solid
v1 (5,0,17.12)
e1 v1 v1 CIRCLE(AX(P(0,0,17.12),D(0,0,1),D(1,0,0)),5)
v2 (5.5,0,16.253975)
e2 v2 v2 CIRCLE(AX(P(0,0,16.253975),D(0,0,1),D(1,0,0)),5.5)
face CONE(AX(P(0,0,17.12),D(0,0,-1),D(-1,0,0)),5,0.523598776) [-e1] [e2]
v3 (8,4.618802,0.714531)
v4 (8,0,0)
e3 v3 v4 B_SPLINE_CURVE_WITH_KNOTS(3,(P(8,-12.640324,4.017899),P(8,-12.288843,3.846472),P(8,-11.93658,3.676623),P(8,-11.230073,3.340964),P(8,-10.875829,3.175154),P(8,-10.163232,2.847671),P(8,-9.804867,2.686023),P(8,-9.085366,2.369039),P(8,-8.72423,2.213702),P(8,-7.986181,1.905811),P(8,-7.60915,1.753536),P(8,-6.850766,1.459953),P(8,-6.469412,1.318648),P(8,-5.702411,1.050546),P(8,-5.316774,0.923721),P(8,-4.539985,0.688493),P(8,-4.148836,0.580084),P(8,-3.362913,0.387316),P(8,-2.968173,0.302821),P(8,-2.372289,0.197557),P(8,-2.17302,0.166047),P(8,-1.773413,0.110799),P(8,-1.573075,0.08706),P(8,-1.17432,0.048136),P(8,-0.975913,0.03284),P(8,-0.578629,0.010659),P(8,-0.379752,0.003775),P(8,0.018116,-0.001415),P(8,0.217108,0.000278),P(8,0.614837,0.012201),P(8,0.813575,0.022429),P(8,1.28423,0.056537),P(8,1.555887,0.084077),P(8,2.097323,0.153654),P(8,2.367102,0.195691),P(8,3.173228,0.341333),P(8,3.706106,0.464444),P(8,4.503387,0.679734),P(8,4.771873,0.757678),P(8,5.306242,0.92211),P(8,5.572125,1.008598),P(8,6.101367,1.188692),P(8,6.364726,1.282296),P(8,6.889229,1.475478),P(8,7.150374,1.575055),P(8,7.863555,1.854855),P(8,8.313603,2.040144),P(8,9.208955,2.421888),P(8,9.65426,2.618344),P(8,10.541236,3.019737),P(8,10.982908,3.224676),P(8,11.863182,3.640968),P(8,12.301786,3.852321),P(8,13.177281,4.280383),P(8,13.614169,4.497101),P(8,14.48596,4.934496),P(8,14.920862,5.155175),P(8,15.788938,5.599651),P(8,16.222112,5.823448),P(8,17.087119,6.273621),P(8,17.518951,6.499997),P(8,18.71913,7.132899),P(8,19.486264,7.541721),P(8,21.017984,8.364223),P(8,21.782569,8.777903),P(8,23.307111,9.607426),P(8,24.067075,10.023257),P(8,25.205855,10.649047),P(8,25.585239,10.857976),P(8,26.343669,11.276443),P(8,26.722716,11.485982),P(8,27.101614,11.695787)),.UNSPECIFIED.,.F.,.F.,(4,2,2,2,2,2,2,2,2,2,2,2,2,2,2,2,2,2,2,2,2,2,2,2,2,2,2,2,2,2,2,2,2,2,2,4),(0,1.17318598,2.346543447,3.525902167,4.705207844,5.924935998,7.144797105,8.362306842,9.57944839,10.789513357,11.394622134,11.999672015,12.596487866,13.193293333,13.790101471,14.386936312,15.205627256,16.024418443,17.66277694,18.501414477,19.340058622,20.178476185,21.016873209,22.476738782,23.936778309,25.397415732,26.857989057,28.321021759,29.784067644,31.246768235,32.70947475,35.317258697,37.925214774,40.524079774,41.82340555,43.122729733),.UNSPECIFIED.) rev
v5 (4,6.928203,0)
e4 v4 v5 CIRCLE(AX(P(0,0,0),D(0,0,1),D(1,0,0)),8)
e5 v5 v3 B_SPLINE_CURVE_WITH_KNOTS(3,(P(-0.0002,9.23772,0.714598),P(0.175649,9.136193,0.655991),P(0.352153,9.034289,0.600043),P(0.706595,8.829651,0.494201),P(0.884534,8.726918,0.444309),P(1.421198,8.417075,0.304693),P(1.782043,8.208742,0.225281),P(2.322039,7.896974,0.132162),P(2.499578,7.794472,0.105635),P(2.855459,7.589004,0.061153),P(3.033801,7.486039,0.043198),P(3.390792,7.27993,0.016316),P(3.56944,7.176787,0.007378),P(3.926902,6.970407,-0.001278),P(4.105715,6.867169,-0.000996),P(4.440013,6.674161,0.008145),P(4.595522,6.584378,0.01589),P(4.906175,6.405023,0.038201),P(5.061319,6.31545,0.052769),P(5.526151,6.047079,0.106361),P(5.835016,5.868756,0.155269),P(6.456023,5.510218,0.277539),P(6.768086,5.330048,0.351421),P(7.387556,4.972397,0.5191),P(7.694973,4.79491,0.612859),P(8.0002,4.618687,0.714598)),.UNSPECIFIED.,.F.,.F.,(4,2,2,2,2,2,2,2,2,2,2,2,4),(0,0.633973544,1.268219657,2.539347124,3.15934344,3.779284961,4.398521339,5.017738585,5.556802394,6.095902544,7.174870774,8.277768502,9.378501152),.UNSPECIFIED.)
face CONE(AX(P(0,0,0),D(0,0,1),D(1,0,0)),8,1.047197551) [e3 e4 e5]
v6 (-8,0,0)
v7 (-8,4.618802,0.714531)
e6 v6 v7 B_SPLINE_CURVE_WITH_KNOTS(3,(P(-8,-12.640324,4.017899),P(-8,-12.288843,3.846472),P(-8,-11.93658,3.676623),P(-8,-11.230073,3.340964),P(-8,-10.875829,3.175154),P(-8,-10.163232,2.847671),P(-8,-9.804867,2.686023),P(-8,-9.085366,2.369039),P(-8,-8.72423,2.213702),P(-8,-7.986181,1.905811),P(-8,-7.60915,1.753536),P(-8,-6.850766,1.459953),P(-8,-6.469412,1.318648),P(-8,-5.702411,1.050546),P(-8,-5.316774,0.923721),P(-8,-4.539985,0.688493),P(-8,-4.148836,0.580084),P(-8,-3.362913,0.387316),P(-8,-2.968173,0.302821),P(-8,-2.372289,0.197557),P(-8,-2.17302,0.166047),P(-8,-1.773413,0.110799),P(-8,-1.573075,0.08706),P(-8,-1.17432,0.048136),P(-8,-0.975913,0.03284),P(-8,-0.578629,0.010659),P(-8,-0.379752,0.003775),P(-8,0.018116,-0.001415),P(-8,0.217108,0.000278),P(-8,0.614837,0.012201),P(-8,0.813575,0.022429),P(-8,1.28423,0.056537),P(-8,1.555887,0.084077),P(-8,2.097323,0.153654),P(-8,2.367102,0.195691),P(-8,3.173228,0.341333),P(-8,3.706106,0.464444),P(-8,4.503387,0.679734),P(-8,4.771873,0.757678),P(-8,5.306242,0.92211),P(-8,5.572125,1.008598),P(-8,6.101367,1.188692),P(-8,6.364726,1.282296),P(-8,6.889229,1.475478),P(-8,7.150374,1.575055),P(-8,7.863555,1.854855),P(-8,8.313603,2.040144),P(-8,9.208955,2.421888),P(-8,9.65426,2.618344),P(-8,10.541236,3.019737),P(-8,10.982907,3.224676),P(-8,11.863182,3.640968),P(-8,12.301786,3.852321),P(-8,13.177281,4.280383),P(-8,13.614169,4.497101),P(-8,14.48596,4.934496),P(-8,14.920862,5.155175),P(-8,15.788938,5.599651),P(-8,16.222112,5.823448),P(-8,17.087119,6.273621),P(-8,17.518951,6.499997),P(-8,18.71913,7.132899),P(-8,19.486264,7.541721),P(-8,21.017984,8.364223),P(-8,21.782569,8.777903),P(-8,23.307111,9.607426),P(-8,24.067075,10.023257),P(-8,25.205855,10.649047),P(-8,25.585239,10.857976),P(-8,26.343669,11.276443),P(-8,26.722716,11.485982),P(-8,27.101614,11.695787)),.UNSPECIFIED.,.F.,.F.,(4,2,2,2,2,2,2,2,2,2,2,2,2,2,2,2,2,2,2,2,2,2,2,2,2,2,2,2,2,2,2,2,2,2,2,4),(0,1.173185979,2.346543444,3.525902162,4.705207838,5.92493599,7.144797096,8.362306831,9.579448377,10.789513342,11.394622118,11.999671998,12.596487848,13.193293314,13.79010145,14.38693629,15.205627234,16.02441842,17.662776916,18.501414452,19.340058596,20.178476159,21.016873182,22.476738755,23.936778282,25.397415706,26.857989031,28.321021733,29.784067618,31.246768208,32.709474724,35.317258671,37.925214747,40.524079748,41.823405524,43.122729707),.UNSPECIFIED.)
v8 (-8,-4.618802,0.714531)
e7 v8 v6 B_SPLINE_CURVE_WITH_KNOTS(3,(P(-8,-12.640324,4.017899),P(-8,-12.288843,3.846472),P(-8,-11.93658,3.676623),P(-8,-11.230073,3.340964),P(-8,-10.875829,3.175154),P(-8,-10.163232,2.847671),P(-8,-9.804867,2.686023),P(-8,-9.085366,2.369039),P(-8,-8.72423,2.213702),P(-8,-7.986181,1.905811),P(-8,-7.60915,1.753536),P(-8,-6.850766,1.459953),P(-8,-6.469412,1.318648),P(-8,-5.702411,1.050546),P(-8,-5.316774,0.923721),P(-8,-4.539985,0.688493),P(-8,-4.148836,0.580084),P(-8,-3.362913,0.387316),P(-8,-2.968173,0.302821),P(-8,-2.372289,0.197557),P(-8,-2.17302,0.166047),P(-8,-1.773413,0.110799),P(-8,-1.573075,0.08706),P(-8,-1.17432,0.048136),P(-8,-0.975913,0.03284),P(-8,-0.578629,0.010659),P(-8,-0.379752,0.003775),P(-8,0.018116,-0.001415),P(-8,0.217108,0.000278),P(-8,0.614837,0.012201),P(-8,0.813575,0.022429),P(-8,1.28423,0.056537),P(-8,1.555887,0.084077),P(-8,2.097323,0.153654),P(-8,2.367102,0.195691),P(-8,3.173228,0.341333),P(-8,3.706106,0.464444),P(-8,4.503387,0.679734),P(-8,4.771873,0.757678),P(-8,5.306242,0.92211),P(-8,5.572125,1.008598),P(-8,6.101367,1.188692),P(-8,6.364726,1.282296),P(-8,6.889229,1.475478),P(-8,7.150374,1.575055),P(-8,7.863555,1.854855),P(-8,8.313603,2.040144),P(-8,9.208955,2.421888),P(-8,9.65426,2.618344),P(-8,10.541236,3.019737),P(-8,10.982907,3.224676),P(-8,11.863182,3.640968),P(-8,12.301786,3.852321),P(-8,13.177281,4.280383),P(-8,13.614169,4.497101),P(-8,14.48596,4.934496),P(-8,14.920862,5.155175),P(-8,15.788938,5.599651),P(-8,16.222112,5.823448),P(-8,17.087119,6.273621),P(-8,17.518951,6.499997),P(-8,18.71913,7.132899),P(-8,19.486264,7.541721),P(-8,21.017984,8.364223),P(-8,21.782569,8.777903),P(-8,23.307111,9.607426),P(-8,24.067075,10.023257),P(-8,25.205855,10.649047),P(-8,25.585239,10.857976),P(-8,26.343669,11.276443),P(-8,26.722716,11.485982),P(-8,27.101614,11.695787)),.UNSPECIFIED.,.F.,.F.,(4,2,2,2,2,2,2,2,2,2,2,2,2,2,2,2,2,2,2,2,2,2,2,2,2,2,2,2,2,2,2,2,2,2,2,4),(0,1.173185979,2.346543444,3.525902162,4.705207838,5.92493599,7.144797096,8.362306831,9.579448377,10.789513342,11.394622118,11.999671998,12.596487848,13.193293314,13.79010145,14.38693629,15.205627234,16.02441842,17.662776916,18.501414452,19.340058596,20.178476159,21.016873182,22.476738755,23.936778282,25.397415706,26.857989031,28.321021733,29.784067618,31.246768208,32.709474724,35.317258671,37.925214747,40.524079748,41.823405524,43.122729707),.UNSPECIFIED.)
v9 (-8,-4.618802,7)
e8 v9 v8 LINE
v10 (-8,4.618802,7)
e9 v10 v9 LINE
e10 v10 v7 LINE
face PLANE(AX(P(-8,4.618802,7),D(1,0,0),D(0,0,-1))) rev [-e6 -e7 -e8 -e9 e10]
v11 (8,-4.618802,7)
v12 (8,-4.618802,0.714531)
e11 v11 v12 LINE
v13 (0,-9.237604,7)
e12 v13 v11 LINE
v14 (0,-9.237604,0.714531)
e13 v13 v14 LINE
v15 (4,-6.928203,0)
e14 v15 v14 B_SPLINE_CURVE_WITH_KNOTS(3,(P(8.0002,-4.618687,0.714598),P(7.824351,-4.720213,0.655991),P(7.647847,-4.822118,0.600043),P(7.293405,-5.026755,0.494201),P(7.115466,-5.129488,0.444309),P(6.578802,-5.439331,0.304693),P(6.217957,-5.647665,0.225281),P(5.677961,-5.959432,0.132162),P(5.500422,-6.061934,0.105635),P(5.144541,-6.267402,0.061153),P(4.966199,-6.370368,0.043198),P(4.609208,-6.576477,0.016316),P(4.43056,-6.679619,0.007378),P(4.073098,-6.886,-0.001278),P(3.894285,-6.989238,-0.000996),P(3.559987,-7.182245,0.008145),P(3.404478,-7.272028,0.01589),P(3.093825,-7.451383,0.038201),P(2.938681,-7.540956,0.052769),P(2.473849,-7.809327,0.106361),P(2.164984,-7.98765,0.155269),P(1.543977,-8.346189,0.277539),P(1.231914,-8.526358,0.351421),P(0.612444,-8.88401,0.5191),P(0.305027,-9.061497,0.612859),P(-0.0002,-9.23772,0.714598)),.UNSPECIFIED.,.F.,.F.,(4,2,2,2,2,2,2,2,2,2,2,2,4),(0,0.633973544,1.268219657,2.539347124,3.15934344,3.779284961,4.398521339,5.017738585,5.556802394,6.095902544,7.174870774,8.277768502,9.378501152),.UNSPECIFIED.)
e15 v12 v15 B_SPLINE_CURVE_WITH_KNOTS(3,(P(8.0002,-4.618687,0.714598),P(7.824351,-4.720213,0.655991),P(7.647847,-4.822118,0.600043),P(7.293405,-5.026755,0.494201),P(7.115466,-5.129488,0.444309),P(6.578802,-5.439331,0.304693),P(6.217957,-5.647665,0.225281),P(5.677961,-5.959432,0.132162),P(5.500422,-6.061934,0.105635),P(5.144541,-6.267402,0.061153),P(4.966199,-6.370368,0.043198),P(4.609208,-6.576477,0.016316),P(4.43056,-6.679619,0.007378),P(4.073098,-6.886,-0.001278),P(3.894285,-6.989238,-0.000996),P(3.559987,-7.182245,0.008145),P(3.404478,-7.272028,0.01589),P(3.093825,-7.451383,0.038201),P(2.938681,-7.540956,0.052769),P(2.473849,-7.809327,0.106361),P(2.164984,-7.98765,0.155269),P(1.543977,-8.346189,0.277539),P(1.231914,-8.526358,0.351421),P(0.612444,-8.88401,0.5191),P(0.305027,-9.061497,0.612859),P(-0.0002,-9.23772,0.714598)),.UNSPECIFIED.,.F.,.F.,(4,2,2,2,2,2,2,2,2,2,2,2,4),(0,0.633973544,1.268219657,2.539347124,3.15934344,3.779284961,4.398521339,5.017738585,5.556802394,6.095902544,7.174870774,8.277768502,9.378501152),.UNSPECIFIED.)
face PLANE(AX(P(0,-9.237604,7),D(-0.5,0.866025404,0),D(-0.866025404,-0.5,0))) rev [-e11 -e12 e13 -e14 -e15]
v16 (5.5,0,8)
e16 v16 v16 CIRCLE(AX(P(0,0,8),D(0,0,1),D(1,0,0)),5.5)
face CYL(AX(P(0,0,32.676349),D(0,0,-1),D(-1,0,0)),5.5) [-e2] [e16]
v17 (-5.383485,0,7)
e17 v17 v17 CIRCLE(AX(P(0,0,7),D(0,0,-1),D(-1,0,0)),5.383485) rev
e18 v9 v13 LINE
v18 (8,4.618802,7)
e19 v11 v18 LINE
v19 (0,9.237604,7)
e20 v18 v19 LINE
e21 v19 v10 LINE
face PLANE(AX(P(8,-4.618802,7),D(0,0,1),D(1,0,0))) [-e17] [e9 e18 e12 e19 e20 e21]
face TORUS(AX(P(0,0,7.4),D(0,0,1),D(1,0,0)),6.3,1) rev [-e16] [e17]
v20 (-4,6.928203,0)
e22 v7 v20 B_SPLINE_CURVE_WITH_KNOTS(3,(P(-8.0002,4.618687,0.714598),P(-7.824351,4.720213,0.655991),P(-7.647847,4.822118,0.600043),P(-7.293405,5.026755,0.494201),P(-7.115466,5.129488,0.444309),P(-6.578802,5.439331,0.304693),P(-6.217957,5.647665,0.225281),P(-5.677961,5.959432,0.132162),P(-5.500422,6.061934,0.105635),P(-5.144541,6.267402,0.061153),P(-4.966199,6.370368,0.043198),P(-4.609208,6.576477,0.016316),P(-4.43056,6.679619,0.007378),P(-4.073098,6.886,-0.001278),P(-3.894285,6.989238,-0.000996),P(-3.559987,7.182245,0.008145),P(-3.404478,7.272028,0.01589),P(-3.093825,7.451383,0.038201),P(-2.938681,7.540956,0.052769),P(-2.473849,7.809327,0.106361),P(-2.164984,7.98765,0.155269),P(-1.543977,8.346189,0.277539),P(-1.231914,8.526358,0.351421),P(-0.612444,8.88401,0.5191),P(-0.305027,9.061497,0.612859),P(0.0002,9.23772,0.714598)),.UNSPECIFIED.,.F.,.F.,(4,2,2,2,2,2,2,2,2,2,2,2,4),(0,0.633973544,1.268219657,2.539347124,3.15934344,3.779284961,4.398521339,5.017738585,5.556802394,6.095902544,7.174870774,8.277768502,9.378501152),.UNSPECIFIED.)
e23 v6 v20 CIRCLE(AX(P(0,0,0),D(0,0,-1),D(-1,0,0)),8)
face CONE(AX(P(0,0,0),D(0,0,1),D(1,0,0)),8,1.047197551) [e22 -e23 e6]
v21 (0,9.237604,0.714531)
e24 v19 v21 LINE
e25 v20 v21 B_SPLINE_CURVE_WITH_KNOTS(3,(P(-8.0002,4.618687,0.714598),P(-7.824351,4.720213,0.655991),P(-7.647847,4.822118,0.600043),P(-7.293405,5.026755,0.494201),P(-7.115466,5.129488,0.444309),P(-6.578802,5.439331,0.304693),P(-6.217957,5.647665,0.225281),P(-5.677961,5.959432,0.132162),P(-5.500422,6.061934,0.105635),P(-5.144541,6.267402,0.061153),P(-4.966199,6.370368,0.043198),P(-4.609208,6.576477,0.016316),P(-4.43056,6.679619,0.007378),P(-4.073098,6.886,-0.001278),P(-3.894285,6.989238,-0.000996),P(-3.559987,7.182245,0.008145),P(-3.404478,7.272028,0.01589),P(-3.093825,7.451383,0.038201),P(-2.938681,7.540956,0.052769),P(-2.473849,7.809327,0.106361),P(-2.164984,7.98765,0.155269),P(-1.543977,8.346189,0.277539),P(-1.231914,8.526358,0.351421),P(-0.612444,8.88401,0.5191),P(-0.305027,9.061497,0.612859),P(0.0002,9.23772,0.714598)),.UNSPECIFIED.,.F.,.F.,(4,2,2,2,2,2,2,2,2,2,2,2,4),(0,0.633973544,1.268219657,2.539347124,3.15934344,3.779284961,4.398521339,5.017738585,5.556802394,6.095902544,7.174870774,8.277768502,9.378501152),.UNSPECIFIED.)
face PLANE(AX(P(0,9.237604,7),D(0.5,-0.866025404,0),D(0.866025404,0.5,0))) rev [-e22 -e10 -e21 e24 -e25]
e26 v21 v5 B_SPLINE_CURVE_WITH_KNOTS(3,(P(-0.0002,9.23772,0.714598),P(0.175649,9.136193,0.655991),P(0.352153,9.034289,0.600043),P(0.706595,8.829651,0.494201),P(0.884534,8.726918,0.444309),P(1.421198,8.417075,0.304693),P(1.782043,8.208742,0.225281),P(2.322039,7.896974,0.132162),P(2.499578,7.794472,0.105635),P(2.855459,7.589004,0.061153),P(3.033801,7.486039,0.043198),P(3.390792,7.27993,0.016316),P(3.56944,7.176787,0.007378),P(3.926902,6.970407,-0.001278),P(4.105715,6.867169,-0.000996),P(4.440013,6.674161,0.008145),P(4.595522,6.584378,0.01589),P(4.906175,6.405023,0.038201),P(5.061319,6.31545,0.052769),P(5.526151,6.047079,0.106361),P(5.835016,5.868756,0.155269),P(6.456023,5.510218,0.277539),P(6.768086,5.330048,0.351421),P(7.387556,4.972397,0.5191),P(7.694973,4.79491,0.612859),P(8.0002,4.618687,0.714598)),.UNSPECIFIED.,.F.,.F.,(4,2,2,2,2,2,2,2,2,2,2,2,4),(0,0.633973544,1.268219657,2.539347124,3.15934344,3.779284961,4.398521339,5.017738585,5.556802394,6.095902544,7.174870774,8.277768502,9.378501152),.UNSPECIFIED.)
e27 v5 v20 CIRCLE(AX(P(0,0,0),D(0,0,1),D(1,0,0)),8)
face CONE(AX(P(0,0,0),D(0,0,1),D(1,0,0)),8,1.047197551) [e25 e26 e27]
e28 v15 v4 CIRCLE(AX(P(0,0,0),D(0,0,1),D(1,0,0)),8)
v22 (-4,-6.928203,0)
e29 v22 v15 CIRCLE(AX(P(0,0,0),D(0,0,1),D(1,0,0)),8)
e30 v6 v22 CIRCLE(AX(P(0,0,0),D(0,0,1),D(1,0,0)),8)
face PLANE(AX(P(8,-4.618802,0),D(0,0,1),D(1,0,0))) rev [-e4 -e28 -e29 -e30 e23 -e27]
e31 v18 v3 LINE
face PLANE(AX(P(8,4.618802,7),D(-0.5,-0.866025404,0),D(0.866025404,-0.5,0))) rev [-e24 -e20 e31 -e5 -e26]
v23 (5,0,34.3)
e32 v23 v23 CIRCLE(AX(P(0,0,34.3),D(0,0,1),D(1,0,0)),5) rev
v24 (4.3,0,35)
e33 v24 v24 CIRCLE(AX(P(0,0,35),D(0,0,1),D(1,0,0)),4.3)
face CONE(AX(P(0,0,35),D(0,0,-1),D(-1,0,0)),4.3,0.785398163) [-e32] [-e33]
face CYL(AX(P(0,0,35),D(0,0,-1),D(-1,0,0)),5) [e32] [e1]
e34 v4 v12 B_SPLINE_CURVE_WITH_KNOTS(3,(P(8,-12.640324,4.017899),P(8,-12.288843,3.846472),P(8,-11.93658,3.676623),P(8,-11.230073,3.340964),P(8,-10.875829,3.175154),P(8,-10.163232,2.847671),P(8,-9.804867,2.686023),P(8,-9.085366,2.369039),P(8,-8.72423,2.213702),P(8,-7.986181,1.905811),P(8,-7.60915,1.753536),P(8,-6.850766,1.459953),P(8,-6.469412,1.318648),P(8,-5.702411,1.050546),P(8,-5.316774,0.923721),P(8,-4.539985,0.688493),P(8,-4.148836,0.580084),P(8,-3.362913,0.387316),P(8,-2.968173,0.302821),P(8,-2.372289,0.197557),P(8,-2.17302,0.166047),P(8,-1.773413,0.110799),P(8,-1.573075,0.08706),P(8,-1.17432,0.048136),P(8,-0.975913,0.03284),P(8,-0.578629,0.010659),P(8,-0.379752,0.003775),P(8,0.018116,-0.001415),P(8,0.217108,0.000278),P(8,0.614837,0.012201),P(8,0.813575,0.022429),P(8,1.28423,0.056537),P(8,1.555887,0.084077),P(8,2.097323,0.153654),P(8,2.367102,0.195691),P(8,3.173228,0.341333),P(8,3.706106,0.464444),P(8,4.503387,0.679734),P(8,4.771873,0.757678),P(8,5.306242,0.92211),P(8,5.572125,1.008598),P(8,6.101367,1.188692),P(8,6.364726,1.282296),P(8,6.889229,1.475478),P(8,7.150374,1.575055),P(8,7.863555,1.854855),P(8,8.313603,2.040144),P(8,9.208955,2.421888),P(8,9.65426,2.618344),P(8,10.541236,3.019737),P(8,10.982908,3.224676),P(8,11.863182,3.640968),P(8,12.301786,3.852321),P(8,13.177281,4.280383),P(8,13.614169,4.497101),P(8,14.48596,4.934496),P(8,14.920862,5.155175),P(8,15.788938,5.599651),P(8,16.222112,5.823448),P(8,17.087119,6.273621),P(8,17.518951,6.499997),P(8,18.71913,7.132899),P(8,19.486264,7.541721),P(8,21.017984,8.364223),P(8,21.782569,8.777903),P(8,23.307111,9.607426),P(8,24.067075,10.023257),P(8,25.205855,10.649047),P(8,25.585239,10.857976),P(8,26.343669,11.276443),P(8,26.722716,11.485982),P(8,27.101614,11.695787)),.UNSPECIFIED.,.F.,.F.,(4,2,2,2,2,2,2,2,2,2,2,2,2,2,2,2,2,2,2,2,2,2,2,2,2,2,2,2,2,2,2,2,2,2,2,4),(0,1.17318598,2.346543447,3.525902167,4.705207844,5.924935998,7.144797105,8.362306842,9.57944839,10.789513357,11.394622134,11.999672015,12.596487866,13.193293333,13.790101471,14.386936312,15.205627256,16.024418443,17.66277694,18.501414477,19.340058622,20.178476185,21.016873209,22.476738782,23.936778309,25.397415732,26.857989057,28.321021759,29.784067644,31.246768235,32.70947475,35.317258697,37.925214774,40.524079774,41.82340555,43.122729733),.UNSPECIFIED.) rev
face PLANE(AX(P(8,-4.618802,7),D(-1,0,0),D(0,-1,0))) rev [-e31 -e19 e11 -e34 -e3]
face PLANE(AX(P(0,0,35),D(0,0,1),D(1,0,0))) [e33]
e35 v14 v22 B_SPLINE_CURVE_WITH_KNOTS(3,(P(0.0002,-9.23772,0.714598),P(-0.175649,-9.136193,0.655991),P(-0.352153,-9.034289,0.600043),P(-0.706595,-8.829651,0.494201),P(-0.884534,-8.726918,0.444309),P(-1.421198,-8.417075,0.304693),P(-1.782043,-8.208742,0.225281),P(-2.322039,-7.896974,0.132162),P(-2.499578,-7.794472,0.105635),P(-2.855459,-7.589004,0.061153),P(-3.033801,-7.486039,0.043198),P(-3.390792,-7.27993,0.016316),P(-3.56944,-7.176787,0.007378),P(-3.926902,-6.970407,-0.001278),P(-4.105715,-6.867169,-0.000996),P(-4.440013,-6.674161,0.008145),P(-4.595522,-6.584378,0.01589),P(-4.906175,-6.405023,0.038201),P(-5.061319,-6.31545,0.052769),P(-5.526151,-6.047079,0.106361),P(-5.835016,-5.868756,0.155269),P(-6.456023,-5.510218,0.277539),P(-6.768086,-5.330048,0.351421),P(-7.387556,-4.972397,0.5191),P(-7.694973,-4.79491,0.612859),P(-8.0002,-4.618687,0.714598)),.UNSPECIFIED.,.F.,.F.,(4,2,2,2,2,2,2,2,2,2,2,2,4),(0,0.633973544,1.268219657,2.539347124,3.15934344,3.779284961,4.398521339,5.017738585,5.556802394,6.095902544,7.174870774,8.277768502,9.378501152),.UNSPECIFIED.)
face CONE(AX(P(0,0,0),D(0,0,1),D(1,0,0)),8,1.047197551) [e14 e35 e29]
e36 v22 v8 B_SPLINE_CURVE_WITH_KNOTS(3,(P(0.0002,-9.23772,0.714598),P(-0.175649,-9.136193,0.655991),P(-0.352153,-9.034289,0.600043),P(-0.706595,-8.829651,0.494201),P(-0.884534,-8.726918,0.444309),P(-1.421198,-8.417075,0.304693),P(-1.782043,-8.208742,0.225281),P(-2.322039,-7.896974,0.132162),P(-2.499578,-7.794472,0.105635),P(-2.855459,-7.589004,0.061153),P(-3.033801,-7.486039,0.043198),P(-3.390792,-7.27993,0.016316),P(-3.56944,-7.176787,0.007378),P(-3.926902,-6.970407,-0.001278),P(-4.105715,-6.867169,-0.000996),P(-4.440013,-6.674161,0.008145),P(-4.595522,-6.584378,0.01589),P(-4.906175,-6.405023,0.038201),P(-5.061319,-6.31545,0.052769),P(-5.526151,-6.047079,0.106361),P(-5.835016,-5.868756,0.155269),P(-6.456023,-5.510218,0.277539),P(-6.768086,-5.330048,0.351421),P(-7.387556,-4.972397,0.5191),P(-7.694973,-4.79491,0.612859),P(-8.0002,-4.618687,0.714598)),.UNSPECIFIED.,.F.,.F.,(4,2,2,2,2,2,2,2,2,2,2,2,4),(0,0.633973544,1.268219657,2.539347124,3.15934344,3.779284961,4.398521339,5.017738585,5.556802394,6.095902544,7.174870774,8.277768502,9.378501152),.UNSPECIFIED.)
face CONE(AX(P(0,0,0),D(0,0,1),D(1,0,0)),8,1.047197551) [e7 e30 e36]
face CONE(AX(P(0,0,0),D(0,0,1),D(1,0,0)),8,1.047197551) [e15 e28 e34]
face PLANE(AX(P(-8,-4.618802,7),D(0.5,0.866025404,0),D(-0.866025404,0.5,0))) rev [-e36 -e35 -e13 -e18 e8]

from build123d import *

# Parameters (mm, degrees)
VYSUNOUT1_DEPTH = 7
SKICA5_R        = 5
VYSUNOUT4_DEPTH = 28
ZKOSIT1_SIZE    = 0.7
SKICA3_R        = 5.3
VYSUNOUT2_DEPTH = 1
SKICA4_R        = 5.5
VYSUNOUT3_DEPTH = 9.12


with BuildPart() as part:
    # Skica1 → Vysunout1 (new body)
    with BuildSketch(Plane.XY):
        Polygon((8, -4.618802154), (8, 4.618802154), (0, 9.237604307), (-8, 4.618802154), (-8, -4.618802154), (0, -9.237604307), align=None)
    extrude(amount=VYSUNOUT1_DEPTH)

    # Skica2 → Odebrat otočením1 (revolve, cut)
    with BuildSketch(Plane(origin=(0, 0, 0), x_dir=(1, 0, 0), z_dir=(0, 1, 0))):
        Polygon((8, 0), (20.124355653, 0), (20.124355653, -7), align=None)
    revolve(axis=Axis((0, 0, 0), (0, 0, 1)), mode=Mode.SUBTRACT)

    # Skica5 → Vysunout4 (add)
    with BuildSketch(Plane.XY.offset(7)):
        Circle(SKICA5_R)
    extrude(amount=VYSUNOUT4_DEPTH)

    # Zkosit1
    zkosit1_edges = [part.edges().sort_by_distance(p)[0] for p in [
        (-5, 0, 35),
    ]]
    chamfer(zkosit1_edges, length=ZKOSIT1_SIZE)

    # Skica3 → Vysunout2 (add)
    with BuildSketch(Plane.XY.offset(7)):
        Circle(SKICA3_R)
    extrude(amount=VYSUNOUT2_DEPTH)

    # Skica4 → Vysunout3 (add)
    with BuildSketch(Plane.XY.offset(8)):
        Circle(SKICA4_R)
    extrude(amount=VYSUNOUT3_DEPTH)

    # Skica6 → Odebrat otočením2 (revolve, cut)
    with BuildSketch(Plane(origin=(0, 0, 0), x_dir=(1, 0, 0), z_dir=(0, 1, 0)), mode=Mode.PRIVATE) as odebrat_oto_en_m2_sk:
        Polygon((-5.5, -17.12), (-5.5, -16.253974596), (-5, -17.12), align=None)
    revolve(odebrat_oto_en_m2_sk.sketch.rotate(Axis((0, 0, 17.12), (0, 0, -1)), 180), axis=Axis((0, 0, 17.12), (0, 0, -1)), mode=Mode.SUBTRACT)

    # Skica7 → Otočit kolem osy1 (revolve)
    with BuildSketch(Plane(origin=(0, 0, 0), x_dir=(1, 0, 0), z_dir=(0, 1, 0))):
        with BuildLine():
            ThreePointArc((5.3, -7.4), (5.321093687, -7.195690356), (5.383484861, -7))
            Line((5.383484861, -7), (5.3, -7))
            Line((5.3, -7), (5.3, -7.4))
        make_face()
        with BuildLine():
            ThreePointArc((5.5, -8), (5.351316702, -7.716227766), (5.3, -7.4))
            Line((5.3, -7.4), (5.3, -8))
            Line((5.3, -8), (5.5, -8))
        make_face()
    revolve(axis=Axis((0, 0, 16.253974596), (0, 0, -1)))


solid = part.part
